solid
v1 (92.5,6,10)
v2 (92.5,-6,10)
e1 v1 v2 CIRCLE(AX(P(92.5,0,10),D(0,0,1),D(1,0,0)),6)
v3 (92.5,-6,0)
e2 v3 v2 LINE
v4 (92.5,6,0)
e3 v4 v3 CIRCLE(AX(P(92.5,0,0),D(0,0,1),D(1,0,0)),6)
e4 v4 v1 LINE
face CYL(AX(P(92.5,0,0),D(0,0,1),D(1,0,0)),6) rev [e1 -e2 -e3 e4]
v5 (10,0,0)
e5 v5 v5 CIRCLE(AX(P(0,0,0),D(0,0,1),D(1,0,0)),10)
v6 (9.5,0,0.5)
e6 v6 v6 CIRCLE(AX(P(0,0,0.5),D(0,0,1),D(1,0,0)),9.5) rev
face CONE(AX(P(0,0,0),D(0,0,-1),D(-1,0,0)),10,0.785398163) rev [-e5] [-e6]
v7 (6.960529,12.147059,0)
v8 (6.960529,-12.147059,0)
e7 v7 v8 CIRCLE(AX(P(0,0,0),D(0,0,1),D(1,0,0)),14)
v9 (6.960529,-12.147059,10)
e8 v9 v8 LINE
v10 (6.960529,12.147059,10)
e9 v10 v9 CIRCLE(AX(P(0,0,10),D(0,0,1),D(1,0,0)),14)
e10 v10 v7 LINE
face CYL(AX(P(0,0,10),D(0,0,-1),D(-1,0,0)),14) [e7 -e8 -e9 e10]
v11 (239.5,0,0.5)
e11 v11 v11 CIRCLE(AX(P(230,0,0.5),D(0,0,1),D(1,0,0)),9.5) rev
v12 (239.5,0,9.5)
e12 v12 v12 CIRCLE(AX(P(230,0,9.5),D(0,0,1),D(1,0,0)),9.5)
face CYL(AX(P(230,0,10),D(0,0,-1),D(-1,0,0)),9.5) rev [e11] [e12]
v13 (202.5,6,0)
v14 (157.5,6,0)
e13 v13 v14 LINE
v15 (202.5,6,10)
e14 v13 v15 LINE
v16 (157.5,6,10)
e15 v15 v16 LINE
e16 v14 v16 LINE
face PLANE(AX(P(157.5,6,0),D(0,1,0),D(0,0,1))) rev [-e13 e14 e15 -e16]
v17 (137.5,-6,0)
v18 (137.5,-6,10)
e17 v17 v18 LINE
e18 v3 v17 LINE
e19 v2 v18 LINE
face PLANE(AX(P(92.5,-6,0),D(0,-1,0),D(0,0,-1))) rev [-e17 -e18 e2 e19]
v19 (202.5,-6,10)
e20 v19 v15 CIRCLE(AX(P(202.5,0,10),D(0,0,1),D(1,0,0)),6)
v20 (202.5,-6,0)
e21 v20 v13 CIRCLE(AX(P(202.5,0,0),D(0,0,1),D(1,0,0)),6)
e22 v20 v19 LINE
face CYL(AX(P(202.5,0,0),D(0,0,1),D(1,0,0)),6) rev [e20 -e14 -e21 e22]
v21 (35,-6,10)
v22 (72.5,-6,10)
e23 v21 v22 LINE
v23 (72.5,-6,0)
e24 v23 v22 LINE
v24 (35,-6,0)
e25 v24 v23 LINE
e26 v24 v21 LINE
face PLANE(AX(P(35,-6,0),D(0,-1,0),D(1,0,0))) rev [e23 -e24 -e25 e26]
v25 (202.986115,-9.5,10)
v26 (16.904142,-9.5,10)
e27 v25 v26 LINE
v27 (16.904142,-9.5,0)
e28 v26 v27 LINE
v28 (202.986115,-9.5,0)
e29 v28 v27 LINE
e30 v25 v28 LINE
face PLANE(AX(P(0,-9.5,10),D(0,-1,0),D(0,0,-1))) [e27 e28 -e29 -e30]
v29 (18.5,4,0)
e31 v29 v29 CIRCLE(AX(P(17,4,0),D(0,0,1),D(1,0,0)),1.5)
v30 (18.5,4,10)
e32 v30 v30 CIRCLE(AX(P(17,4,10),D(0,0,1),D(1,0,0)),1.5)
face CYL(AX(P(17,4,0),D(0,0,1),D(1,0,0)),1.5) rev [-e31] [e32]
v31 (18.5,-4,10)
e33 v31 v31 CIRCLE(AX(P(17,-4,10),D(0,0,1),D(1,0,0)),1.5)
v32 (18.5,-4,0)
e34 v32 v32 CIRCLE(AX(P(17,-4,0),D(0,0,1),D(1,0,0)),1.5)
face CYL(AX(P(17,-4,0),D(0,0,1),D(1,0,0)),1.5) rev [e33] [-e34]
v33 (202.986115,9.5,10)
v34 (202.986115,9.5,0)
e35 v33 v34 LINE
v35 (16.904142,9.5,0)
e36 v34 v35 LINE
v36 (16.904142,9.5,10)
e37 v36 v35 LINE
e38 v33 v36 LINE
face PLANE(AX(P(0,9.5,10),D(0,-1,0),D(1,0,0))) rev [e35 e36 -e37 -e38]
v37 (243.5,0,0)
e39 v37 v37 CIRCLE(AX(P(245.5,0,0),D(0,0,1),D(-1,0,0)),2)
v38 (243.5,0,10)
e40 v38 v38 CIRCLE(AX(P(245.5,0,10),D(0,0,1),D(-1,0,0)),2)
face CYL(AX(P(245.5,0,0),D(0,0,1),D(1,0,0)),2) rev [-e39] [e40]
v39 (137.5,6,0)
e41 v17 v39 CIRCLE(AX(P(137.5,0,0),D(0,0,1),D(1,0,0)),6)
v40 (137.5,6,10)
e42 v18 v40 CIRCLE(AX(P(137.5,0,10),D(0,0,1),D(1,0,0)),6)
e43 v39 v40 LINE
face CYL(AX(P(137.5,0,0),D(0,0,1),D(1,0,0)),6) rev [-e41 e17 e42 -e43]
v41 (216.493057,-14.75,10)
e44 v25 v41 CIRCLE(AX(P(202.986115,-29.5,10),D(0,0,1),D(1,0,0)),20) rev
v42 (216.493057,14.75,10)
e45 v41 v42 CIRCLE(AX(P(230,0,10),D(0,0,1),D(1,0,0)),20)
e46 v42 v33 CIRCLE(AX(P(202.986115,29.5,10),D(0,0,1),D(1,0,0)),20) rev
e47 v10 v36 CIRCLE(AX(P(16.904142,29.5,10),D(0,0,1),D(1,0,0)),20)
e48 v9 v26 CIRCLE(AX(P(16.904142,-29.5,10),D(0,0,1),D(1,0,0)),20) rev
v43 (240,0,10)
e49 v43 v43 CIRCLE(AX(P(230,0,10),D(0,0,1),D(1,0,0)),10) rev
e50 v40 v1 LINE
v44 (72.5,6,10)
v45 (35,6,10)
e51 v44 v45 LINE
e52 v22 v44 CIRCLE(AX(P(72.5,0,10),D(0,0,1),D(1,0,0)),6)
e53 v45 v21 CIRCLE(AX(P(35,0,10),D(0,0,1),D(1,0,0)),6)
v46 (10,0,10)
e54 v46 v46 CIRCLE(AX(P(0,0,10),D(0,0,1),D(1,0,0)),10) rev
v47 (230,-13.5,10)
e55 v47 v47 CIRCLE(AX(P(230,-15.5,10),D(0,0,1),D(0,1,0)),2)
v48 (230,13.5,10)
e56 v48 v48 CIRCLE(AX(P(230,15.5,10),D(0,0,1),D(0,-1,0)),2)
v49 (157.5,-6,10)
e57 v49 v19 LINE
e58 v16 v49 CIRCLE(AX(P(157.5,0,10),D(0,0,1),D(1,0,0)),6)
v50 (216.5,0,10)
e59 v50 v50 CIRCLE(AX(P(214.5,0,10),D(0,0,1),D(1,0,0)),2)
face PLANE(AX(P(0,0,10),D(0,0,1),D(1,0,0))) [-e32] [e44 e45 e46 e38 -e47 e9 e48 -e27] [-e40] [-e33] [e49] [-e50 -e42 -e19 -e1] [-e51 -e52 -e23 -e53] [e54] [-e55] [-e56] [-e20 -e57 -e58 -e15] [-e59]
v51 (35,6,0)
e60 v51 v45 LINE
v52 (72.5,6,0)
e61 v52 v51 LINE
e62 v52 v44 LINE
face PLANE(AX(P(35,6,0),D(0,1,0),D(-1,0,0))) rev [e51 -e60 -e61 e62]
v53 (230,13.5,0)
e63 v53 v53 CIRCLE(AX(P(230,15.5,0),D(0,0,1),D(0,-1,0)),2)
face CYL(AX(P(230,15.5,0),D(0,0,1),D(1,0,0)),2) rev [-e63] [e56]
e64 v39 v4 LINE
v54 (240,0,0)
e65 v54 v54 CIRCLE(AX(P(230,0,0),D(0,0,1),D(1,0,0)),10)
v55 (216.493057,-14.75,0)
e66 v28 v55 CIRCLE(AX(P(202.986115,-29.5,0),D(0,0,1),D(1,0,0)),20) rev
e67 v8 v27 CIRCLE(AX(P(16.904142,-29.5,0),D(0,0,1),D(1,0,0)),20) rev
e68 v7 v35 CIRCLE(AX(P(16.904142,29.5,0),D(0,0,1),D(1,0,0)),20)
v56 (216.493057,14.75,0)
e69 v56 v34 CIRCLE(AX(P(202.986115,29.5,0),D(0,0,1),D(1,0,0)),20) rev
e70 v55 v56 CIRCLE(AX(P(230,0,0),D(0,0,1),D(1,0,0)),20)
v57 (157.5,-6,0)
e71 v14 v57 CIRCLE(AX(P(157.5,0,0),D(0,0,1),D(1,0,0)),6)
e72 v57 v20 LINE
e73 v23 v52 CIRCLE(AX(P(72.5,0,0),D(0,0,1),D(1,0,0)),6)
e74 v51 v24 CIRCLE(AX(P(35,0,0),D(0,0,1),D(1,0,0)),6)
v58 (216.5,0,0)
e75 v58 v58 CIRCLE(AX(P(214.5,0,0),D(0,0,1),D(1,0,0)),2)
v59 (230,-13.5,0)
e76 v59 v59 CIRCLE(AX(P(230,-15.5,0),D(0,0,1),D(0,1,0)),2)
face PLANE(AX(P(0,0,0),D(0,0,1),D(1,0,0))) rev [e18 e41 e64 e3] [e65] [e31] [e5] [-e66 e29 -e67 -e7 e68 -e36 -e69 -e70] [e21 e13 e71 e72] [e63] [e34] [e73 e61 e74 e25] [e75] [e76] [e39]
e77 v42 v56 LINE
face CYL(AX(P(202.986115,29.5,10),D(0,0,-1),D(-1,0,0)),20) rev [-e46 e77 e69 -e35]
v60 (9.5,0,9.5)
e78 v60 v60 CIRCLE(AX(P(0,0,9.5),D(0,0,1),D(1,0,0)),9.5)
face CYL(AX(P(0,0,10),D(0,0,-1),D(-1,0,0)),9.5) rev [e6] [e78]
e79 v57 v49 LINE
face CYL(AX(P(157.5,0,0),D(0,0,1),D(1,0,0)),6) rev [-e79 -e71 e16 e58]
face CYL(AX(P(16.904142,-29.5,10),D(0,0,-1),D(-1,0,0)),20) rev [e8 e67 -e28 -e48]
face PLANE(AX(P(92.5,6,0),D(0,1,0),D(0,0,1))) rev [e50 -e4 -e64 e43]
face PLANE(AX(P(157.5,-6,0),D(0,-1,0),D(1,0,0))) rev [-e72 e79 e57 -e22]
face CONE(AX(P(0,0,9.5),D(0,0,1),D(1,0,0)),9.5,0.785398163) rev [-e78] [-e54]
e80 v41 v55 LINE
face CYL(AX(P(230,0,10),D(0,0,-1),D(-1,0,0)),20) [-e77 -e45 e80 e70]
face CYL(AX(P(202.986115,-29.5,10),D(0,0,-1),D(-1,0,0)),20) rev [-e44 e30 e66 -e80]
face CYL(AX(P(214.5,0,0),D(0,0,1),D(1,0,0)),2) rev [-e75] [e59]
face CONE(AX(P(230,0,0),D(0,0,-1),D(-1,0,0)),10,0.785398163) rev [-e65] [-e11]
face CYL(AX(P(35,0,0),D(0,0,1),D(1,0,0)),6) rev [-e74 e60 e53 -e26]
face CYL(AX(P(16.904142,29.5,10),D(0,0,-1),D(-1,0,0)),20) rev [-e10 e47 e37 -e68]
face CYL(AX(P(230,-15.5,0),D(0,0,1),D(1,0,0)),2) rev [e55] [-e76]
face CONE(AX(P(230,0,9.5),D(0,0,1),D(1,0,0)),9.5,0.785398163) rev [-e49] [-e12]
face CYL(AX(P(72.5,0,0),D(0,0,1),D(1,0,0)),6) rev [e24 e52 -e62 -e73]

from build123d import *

# Parameters (mm, degrees)
SKETCH_1_R               = 9.5
EXTRUDE_2_DEPTH          = 10
CHAMFER_1_SIZE           = 0.5
CUT_EXTRUDE_1_DEPTH      = 10
SKETCH_3_R               = 2
CUT_EXTRUDE_2_DEPTH      = 10
CHAMFER_2_SIZE           = 0.5
SKETCH_5_R               = 2
CUT_EXTRUDE_3_DEPTH      = 10
CHAMFER_3_SIZE           = 0.5
SKETCH_9_R               = 2
EXTRUDE_3_DEPTH          = 10
CUT_EXTRUDE_6_DEPTH      = 10
PATTERN_CIRCULAR_2_COUNT = 4
SKETCH_11_R              = 1.5
CUT_EXTRUDE_7_DEPTH      = 251.99800796


with BuildPart() as part:
    # 草图1 → 凸台-拉伸2 (new body)
    with BuildSketch(Plane.XY):
        with BuildLine():
            Line((20.821645942, -9.5), (202.986114682, -9.5))
            ThreePointArc((202.986114682, -9.5), (210.231803055, -10.858648118), (216.493057341, -14.75))
            ThreePointArc((216.493057341, -14.75), (250, 0), (216.493057341, 14.75))
            ThreePointArc((216.493057341, 14.75), (210.231803055, 10.858648118), (202.986114682, 9.5))
            Line((202.986114682, 9.5), (21.63860854, 9.5))
            Line((21.63860854, 9.5), (16.904141504, 9.5))
            ThreePointArc((16.904141504, 9.5), (11.75918395, 10.173090993), (6.960528855, 12.147058824))
            ThreePointArc((6.960528855, 12.147058824), (3.490452231, 13.557903349), (-0.229510749, 13.998118617))
            ThreePointArc((-0.229510749, 13.998118617), (-13.878745314, -1.838594167), (3.423256182, -13.575025492))
            ThreePointArc((3.423256182, -13.575025492), (5.240755683, -12.982083033), (6.960528855, -12.147058824))
            ThreePointArc((6.960528855, -12.147058824), (11.75918395, -10.173090993), (16.904141504, -9.5))
            Line((16.904141504, -9.5), (20.821645942, -9.5))
        make_face()
        Circle(SKETCH_1_R, mode=Mode.SUBTRACT)
        with Locations((230, 0)):
            Circle(SKETCH_1_R, mode=Mode.SUBTRACT)
    extrude(amount=EXTRUDE_2_DEPTH)

    # 倒角1
    chamfer_1_edges = [part.edges().sort_by_distance(p)[0] for p in [
        (-9.5, 0, 10),
        (-9.5, 0, 0),
    ]]
    chamfer(chamfer_1_edges, length=CHAMFER_1_SIZE)

    # 草图2 → 切除-拉伸1 (cut)
    with BuildSketch(Plane.XY.offset(10)):
        with BuildLine():
            Line((92.5, -6), (137.5, -6))
            ThreePointArc((137.5, -6), (143.5, 0), (137.5, 6))
            Line((137.5, 6), (92.5, 6))
            ThreePointArc((92.5, 6), (86.5, 0), (92.5, -6))
        make_face()
        with BuildLine():
            Line((157.5, -6), (202.5, -6))
            ThreePointArc((202.5, -6), (208.5, 0), (202.5, 6))
            Line((202.5, 6), (157.5, 6))
            ThreePointArc((157.5, 6), (151.5, 0), (157.5, -6))
        make_face()
        with BuildLine():
            Line((35, -6), (72.5, -6))
            ThreePointArc((72.5, -6), (78.5, 0), (72.5, 6))
            Line((72.5, 6), (35, 6))
            ThreePointArc((35, 6), (29, 0), (35, -6))
        make_face()
    extrude(amount=-CUT_EXTRUDE_1_DEPTH, mode=Mode.SUBTRACT)

    # 草图3 → 切除-拉伸2 (cut)
    with BuildSketch(Plane.XY.offset(10)):
        with Locations((222.5, 12.990381057)):
            Circle(SKETCH_3_R)
        with Locations((237.5, 12.990381057)):
            Circle(SKETCH_3_R)
        with Locations((245, 0)):
            Circle(SKETCH_3_R)
    extrude(amount=-CUT_EXTRUDE_2_DEPTH, mode=Mode.SUBTRACT)

    # 倒角2
    chamfer_2_edges = [part.edges().sort_by_distance(p)[0] for p in [
        (220.5, 0, 10),
    ]]
    chamfer(chamfer_2_edges, length=CHAMFER_2_SIZE)

    # 草图5 → 切除-拉伸3 (cut)
    with BuildSketch(Plane.XY.offset(10)):
        with Locations((215, 0)):
            Circle(SKETCH_5_R)
        with Locations((222.5, -12.990381057)):
            Circle(SKETCH_5_R)
        with Locations((237.5, -12.990381057)):
            Circle(SKETCH_5_R)
    extrude(amount=-CUT_EXTRUDE_3_DEPTH, mode=Mode.SUBTRACT)

    # 倒角3
    chamfer_3_edges = [part.edges().sort_by_distance(p)[0] for p in [
        (220.5, 0, 0),
    ]]
    chamfer(chamfer_3_edges, length=CHAMFER_3_SIZE)

    # 草图9 → 凸台-拉伸3 (add)
    with BuildSketch(Plane.XY.offset(10)):
        with Locations((215, 0)):
            Circle(SKETCH_9_R)
        with Locations((222.5, 12.990381057)):
            Circle(SKETCH_9_R)
        with Locations((237.5, 12.990381057)):
            Circle(SKETCH_9_R)
        with Locations((245, 0)):
            Circle(SKETCH_9_R)
        with Locations((237.5, -12.990381057)):
            Circle(SKETCH_9_R)
        with Locations((222.5, -12.990381057)):
            Circle(SKETCH_9_R)
    extrude(amount=-EXTRUDE_3_DEPTH)

    # 草图10 → 切除-拉伸6 (cut)
    with BuildSketch(Plane.XY.offset(10)):
        with BuildLine():
            ThreePointArc((214.629032258, -1.995833329), (215.959120371, -1.367833229), (216.5, 0))
            ThreePointArc((216.5, 0), (215.959120371, 1.367833229), (214.629032258, 1.995833329))
            ThreePointArc((214.629032258, 1.995833329), (212.5, 0), (214.629032258, -1.995833329))
        make_face()
    cut_extrude_6 = extrude(amount=-CUT_EXTRUDE_6_DEPTH, mode=Mode.SUBTRACT)

    # 阵列(圆周)2: 切除-拉伸6 ×4 about axis
    pattern_circular_2_axis = Axis((230, 0, 9.5), (0, 0, -1))
    for i in range(1, PATTERN_CIRCULAR_2_COUNT):
        add(cut_extrude_6.rotate(pattern_circular_2_axis, i * 360 / PATTERN_CIRCULAR_2_COUNT), mode=Mode.SUBTRACT)

    # 草图11 → 切除-拉伸7 (cut, through all)
    with BuildSketch(Plane.XY.offset(10)):
        with Locations((17, 4)):
            Circle(SKETCH_11_R)
        with Locations((17, -4)):
            Circle(SKETCH_11_R)
    extrude(amount=-CUT_EXTRUDE_7_DEPTH, mode=Mode.SUBTRACT)


solid = part.part
